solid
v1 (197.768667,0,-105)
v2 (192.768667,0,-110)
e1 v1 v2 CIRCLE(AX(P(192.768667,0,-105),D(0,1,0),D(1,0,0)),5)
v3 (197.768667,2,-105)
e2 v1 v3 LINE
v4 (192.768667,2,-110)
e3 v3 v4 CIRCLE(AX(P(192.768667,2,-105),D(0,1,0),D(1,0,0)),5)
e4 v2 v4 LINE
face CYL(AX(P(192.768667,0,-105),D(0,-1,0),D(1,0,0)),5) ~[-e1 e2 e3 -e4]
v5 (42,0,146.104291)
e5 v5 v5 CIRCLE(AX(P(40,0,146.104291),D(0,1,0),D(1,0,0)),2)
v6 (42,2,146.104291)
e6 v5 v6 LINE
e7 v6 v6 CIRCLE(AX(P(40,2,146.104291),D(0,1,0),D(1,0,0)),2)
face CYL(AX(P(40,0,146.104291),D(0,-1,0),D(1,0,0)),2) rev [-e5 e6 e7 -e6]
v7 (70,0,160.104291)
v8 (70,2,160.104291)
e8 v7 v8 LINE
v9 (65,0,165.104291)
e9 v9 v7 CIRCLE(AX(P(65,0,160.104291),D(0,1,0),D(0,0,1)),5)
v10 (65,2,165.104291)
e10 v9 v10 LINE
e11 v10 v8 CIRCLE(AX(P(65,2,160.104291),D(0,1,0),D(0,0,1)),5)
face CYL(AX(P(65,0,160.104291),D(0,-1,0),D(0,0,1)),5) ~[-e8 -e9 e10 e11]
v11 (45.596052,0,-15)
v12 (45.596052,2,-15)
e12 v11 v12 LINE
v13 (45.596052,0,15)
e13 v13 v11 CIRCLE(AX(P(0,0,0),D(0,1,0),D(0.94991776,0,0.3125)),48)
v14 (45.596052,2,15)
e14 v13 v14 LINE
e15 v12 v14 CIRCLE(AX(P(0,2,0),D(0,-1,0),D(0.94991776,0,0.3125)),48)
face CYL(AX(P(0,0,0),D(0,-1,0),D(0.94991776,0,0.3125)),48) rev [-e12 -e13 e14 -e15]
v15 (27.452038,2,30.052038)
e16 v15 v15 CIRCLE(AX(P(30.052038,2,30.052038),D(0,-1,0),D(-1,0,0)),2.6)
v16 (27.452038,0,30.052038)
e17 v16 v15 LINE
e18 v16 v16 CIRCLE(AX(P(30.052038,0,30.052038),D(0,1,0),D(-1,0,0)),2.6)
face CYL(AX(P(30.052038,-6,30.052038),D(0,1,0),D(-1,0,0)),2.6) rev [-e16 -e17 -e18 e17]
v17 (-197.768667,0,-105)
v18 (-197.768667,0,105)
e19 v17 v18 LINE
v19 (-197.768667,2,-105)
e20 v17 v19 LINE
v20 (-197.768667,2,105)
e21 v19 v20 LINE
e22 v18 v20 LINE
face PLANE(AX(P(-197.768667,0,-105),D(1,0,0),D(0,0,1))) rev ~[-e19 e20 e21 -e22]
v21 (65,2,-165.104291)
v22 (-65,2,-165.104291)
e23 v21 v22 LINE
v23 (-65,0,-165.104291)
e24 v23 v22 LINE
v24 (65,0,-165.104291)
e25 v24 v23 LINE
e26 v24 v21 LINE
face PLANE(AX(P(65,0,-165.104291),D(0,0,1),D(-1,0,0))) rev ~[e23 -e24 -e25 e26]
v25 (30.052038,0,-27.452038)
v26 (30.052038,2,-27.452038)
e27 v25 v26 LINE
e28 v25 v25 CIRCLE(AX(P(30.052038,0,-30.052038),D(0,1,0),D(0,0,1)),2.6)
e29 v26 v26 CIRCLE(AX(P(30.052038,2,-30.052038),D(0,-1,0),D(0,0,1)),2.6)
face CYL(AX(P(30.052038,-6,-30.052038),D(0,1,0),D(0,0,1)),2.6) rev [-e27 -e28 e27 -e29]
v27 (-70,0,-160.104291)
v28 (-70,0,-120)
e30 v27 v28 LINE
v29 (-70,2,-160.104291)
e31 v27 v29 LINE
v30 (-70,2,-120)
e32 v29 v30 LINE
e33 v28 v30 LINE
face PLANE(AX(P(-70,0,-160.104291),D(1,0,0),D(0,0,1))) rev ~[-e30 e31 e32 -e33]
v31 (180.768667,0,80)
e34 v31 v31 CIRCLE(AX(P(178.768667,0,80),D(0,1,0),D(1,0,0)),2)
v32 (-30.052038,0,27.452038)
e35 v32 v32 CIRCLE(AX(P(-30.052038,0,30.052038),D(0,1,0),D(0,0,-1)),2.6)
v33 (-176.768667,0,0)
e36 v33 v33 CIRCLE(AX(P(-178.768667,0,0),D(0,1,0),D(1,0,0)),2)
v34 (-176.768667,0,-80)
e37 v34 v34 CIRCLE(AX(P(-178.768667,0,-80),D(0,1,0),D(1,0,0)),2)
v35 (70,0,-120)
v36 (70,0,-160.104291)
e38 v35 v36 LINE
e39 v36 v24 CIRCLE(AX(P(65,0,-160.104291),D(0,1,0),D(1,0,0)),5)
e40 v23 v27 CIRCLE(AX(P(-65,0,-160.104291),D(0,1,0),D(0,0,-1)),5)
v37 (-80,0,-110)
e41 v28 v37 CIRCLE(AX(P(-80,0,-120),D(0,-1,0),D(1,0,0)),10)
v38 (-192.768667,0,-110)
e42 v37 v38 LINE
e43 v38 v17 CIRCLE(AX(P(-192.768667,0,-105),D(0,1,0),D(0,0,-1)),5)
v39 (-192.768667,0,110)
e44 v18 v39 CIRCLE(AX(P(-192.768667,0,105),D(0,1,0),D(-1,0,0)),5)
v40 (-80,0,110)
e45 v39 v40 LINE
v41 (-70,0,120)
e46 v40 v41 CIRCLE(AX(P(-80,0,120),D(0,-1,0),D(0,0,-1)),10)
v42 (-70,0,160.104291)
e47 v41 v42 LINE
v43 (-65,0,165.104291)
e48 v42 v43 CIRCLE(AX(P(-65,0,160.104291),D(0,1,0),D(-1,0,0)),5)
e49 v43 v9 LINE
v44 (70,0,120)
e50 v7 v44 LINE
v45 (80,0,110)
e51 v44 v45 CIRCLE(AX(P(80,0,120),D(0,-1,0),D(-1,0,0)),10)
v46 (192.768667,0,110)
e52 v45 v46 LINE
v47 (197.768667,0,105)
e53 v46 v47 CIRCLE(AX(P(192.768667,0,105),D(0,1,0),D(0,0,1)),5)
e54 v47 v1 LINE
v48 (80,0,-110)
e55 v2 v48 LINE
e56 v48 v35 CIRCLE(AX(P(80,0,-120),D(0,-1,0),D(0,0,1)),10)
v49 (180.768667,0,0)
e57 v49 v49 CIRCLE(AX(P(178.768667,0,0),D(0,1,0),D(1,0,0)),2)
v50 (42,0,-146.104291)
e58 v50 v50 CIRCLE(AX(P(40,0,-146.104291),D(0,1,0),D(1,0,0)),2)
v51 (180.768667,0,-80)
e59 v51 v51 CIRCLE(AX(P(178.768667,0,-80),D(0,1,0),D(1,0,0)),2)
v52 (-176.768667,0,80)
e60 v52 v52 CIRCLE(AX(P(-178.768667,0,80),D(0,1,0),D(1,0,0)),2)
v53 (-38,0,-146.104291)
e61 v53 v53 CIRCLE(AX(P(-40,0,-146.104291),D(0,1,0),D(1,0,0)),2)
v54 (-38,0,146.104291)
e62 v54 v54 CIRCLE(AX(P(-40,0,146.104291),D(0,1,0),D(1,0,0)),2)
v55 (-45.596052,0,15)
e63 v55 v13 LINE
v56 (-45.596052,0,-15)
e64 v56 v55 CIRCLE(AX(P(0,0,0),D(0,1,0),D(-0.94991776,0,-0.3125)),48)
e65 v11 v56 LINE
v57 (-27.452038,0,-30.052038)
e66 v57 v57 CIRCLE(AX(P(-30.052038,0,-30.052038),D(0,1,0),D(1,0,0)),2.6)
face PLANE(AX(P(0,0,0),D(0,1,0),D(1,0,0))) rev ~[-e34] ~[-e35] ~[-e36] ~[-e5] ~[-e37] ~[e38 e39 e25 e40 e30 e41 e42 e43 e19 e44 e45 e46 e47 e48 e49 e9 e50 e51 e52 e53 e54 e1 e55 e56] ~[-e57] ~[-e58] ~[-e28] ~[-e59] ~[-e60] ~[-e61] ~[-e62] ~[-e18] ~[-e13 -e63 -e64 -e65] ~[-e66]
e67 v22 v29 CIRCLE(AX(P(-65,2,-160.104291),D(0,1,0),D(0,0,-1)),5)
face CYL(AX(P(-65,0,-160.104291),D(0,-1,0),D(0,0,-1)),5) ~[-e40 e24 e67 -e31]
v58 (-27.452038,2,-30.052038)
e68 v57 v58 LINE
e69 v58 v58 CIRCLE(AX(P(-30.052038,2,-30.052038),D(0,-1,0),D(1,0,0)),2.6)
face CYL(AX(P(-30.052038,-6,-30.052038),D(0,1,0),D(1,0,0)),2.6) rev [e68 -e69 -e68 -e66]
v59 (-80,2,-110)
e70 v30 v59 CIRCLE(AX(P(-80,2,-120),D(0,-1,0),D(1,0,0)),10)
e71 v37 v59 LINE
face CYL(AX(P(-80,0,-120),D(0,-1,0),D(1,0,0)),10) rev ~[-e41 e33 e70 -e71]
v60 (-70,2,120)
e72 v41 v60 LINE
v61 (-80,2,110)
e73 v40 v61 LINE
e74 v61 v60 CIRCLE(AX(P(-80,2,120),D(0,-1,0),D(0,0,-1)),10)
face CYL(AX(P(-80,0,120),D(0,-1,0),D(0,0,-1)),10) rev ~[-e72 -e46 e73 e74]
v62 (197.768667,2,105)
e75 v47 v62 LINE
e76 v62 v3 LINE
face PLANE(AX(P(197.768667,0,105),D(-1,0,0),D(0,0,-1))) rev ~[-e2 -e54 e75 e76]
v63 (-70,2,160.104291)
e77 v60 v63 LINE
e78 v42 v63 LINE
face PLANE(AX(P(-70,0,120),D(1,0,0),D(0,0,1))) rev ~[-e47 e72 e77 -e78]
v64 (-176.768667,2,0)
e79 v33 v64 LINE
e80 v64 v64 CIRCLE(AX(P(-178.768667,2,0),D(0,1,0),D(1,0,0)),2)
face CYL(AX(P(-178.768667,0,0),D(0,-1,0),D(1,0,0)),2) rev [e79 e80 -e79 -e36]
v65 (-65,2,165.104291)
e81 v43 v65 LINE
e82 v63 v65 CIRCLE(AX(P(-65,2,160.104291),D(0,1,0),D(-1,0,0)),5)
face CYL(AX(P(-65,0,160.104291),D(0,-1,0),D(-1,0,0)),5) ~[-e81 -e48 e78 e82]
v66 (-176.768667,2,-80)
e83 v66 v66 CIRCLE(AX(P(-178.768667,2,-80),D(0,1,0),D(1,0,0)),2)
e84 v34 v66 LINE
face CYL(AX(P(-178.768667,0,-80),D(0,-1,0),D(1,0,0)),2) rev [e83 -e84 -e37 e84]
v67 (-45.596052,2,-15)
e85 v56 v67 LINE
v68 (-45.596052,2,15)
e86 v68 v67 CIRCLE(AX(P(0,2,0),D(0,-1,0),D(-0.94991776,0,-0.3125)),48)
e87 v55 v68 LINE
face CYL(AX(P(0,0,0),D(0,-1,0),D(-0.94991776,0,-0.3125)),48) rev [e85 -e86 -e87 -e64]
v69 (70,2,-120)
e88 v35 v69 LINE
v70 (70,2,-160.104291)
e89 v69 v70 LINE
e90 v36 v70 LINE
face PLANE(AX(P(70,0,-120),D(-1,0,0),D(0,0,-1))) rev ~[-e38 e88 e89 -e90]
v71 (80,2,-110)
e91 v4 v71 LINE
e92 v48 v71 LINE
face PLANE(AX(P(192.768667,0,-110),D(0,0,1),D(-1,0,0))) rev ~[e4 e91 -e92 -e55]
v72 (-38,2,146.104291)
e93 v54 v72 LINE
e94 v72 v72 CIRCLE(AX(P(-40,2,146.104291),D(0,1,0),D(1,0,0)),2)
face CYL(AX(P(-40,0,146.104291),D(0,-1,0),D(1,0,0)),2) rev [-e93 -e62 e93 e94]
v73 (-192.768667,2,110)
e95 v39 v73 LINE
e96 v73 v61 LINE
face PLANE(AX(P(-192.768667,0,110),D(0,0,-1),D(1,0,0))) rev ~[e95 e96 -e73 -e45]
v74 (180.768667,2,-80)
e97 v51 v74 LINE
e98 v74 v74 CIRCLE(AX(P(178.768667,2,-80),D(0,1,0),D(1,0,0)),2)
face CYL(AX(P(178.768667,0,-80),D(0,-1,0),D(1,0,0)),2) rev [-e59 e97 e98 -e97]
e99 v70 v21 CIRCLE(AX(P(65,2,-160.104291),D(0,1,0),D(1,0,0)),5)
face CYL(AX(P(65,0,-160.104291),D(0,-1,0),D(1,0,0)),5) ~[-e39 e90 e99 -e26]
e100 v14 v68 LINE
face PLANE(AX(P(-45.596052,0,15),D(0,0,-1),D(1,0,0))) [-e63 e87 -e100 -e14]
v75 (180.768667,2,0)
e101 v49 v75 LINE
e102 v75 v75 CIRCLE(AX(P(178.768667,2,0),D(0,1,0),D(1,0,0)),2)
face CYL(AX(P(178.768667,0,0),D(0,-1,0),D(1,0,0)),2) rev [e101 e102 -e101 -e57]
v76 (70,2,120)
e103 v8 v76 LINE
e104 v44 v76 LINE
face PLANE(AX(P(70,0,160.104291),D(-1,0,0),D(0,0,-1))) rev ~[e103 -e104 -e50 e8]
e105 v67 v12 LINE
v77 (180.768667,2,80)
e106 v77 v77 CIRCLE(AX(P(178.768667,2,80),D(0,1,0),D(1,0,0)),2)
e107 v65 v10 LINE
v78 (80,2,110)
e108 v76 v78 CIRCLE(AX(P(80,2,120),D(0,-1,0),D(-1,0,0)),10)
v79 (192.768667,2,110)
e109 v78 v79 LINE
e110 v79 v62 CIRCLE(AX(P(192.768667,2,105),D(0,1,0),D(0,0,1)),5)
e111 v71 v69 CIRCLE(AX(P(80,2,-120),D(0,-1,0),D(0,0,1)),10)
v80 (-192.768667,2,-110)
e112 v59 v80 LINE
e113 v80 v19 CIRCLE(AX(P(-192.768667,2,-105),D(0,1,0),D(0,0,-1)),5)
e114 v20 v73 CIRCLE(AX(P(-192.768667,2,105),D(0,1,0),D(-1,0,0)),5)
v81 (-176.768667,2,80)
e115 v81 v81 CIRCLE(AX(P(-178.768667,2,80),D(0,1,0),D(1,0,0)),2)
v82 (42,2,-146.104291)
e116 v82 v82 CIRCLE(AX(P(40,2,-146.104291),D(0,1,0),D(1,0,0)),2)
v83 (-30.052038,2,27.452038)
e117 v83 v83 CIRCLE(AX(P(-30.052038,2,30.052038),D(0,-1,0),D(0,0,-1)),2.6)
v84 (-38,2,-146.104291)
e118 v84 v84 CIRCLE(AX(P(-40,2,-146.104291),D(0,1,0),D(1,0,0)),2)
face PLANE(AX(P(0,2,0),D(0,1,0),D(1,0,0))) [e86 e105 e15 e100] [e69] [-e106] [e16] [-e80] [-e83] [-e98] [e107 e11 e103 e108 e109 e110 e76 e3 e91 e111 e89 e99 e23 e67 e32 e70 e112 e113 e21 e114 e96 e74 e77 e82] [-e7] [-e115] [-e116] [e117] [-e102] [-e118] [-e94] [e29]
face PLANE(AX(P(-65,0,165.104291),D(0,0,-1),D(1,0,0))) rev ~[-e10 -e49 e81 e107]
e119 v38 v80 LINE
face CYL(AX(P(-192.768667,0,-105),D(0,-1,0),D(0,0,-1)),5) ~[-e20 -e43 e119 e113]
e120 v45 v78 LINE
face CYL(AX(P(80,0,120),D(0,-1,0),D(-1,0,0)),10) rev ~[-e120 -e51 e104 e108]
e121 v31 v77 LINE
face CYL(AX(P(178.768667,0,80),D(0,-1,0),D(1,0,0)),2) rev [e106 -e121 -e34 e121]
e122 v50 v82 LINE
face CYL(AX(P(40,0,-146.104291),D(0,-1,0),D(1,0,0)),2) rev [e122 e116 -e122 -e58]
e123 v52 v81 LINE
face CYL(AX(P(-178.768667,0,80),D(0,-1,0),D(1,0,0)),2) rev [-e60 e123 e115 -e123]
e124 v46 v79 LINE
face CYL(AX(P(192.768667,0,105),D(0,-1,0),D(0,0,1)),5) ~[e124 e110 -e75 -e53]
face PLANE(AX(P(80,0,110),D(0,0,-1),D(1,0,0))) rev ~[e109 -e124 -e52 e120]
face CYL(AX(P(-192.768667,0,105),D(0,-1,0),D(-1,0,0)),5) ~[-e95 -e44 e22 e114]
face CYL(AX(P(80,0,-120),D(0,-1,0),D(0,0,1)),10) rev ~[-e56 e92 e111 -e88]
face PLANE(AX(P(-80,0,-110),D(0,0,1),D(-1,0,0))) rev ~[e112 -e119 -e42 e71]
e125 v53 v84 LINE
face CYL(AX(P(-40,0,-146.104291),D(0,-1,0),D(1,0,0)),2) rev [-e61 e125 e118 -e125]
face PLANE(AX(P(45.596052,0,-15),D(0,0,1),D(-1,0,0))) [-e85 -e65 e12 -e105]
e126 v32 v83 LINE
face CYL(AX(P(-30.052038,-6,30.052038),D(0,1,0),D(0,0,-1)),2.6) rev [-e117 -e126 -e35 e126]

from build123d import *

# Parameters (mm, degrees)
SKETCH_1_R               = 2
EXTRUDE_1_DEPTH          = 2
CUT_EXTRUDE_2_DEPTH      = 3
PATTERN_CIRCULAR_1_COUNT = 4


with BuildPart() as part:
    # Эскиз1 → Бобышка-Вытянуть1 (new body)
    with BuildSketch(Plane(origin=(0, 0, 0), x_dir=(1, 0, 0), z_dir=(0, 1, 0))):
        with BuildLine():
            Line((-65, -165.104291208), (65, -165.104291208))
            ThreePointArc((65, -165.104291208), (68.535533906, -163.639825114), (70, -160.104291208))
            Line((70, -160.104291208), (70, -120))
            ThreePointArc((70, -120), (72.928932188, -112.928932188), (80, -110))
            Line((80, -110), (192.768667216, -110))
            ThreePointArc((192.768667216, -110), (196.304201122, -108.535533906), (197.768667216, -105))
            Line((197.768667216, -105), (197.768667216, 105))
            ThreePointArc((197.768667216, 105), (196.304201122, 108.535533906), (192.768667216, 110))
            Line((192.768667216, 110), (80, 110))
            ThreePointArc((80, 110), (72.928932188, 112.928932188), (70, 120))
            Line((70, 120), (70, 160.104291208))
            ThreePointArc((70, 160.104291208), (68.535533906, 163.639825114), (65, 165.104291208))
            Line((65, 165.104291208), (-65, 165.104291208))
            ThreePointArc((-65, 165.104291208), (-68.535533906, 163.639825114), (-70, 160.104291208))
            Line((-70, 160.104291208), (-70, 120))
            ThreePointArc((-70, 120), (-72.928932188, 112.928932188), (-80, 110))
            Line((-80, 110), (-192.768667216, 110))
            ThreePointArc((-192.768667216, 110), (-196.304201122, 108.535533906), (-197.768667216, 105))
            Line((-197.768667216, 105), (-197.768667216, -105))
            ThreePointArc((-197.768667216, -105), (-196.304201122, -108.535533906), (-192.768667216, -110))
            Line((-192.768667216, -110), (-80, -110))
            ThreePointArc((-80, -110), (-72.928932188, -112.928932188), (-70, -120))
            Line((-70, -120), (-70, -160.104291208))
            ThreePointArc((-70, -160.104291208), (-68.535533906, -163.639825114), (-65, -165.104291208))
        make_face()
        with Locations((178.768667216, 0)):
            Circle(SKETCH_1_R, mode=Mode.SUBTRACT)
        with Locations((178.768667216, 80)):
            Circle(SKETCH_1_R, mode=Mode.SUBTRACT)
        with Locations((178.768667216, -80)):
            Circle(SKETCH_1_R, mode=Mode.SUBTRACT)
        with Locations((-178.768667216, -80)):
            Circle(SKETCH_1_R, mode=Mode.SUBTRACT)
        with Locations((-178.768667216, 0)):
            Circle(SKETCH_1_R, mode=Mode.SUBTRACT)
        with Locations((-178.768667216, 80)):
            Circle(SKETCH_1_R, mode=Mode.SUBTRACT)
        with Locations((40, 146.104291208)):
            Circle(SKETCH_1_R, mode=Mode.SUBTRACT)
        with Locations((-40, 146.104291208)):
            Circle(SKETCH_1_R, mode=Mode.SUBTRACT)
        with Locations((-40, -146.104291208)):
            Circle(SKETCH_1_R, mode=Mode.SUBTRACT)
        with Locations((40, -146.104291208)):
            Circle(SKETCH_1_R, mode=Mode.SUBTRACT)
    extrude(amount=EXTRUDE_1_DEPTH)

    # Эскиз5 → Вырез-Вытянуть2 (cut, through all)
    with BuildSketch(Plane.XZ):
        with BuildLine():
            Line((45.596052461, -15), (-45.596052461, -15))
            ThreePointArc((-45.596052461, -15), (-48, 0), (-45.596052461, 15))
            Line((-45.596052461, 15), (45.596052461, 15))
            ThreePointArc((45.596052461, 15), (48, 0), (45.596052461, -15))
        make_face()
    extrude(amount=-CUT_EXTRUDE_2_DEPTH, mode=Mode.SUBTRACT)

    # Эскиз7 → Сверло под метчик  спиральное M51 (revolve, cut)
    with BuildSketch(Plane(origin=(30.0520382, 2, -30.0520382), x_dir=(0, 0, 1), z_dir=(1, 0, 0))):
        Polygon((0, 0), (0, 9.562237609), (2.6, 8), (2.6, 0), align=None)
    hole_wizard_m51 = revolve(axis=Axis((30.0520382, 8.35, -30.0520382), (0, -1, 0)), mode=Mode.SUBTRACT)

    # Круговой массив1: Сверло под метчик  спиральное M51 ×4 about axis
    pattern_circular_1_axis = Axis((0, 0, 0), (0, 1, 0))
    for i in range(1, PATTERN_CIRCULAR_1_COUNT):
        add(hole_wizard_m51.rotate(pattern_circular_1_axis, i * 360 / PATTERN_CIRCULAR_1_COUNT), mode=Mode.SUBTRACT)


solid = part.part
